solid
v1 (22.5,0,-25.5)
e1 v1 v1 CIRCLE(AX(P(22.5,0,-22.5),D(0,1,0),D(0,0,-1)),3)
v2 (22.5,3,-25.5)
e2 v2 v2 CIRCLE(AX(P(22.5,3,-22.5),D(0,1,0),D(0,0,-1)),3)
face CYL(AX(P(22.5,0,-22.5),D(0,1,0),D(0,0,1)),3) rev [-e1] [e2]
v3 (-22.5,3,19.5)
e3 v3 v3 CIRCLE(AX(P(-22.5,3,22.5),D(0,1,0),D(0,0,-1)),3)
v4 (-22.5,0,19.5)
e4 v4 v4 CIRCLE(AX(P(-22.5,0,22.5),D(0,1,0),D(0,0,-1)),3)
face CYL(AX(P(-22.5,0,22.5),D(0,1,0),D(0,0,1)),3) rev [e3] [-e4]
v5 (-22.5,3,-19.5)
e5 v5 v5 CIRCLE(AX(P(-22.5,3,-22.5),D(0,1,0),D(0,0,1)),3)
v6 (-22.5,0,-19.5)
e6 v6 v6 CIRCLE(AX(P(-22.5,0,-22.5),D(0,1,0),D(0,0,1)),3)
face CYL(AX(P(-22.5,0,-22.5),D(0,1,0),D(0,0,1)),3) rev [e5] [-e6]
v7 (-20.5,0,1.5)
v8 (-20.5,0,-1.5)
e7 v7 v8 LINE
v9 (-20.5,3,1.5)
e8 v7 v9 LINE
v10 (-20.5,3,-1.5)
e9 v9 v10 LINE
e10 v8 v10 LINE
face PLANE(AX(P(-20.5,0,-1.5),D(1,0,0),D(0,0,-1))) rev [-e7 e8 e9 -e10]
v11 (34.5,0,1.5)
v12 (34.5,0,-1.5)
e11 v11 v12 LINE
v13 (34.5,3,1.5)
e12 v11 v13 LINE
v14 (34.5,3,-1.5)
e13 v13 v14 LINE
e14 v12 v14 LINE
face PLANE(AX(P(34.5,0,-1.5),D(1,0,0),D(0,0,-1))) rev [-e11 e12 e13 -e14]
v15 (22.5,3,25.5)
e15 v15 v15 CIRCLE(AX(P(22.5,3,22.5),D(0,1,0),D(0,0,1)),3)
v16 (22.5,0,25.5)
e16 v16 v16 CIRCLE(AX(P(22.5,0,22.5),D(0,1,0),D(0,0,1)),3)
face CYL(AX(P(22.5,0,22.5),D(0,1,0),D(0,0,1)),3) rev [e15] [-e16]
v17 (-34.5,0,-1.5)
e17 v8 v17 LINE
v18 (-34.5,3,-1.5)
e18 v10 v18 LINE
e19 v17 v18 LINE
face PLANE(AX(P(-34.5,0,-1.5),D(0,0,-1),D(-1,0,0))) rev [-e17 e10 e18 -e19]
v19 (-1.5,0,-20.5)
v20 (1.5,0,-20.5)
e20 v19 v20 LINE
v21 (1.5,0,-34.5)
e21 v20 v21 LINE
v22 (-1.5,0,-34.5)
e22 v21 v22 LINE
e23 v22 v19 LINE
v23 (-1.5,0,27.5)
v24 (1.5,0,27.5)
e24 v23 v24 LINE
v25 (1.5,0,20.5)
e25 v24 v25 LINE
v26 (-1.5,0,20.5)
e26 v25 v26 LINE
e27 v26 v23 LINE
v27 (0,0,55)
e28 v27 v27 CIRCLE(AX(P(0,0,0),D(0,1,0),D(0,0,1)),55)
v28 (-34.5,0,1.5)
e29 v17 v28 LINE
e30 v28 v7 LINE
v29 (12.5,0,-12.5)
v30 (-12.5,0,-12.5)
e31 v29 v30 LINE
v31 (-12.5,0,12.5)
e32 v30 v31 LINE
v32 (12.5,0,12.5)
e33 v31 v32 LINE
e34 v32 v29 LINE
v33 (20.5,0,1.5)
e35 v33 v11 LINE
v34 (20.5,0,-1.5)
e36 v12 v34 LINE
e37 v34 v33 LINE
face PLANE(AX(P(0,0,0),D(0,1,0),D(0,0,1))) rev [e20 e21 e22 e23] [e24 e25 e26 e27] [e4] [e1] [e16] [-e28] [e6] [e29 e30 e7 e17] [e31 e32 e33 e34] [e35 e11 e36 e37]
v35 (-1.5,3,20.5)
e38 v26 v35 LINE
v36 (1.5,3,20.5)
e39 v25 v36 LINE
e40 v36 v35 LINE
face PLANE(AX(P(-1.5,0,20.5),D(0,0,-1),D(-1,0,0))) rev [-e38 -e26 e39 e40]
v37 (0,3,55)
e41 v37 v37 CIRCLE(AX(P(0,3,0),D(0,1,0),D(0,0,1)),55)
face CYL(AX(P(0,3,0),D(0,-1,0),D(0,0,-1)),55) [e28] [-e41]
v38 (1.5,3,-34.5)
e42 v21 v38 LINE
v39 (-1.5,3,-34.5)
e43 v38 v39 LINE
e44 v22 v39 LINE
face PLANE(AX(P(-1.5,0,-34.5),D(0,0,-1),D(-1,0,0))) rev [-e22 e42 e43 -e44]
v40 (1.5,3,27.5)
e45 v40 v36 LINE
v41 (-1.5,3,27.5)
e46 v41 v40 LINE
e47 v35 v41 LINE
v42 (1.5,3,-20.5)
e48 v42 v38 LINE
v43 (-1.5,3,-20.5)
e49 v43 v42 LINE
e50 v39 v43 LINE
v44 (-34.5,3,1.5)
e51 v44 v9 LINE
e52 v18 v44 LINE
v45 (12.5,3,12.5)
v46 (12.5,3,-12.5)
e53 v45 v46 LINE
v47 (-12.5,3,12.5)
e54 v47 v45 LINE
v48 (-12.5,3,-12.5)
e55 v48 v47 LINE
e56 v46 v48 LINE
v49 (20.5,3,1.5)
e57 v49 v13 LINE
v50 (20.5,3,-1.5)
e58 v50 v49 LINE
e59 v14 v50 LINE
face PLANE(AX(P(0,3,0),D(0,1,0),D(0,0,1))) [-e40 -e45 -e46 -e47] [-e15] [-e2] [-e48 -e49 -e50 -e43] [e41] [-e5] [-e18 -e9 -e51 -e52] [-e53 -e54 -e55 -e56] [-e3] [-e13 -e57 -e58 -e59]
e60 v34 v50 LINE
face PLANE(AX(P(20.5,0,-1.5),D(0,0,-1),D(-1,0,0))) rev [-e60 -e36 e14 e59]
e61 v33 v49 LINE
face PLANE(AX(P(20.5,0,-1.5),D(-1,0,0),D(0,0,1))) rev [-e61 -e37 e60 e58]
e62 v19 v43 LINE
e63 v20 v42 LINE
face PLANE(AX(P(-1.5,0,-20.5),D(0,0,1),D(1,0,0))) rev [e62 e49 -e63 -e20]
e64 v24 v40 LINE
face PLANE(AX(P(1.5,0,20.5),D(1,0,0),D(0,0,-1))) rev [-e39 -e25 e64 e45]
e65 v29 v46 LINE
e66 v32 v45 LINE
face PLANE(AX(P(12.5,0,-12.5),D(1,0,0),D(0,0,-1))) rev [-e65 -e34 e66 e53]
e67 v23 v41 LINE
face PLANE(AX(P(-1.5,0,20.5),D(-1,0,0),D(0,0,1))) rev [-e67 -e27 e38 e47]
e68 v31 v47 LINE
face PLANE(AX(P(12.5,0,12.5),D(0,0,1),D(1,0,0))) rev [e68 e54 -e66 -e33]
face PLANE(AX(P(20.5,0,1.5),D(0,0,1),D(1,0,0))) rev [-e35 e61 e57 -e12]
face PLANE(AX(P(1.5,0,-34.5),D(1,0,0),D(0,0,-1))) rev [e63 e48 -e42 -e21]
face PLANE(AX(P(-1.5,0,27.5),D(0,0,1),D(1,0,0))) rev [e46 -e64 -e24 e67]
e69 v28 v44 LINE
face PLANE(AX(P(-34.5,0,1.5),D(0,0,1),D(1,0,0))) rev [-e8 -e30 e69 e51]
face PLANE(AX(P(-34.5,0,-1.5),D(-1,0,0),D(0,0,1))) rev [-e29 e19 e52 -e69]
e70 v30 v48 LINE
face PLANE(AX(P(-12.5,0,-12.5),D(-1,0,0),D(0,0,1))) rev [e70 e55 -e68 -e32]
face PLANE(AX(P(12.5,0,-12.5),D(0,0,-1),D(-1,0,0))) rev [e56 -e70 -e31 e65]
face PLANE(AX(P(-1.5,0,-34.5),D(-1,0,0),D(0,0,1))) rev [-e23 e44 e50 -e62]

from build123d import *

# Parameters (mm, degrees)
SKETCH1_R           = 55
BOSS_EXTRUDE1_DEPTH = 3
SKETCH2_R           = 3
SKETCH2_W           = 25
SKETCH2_H           = 25
SKETCH2_W_2         = 3
SKETCH2_H_2         = 14
SKETCH2_W_3         = 14
SKETCH2_H_3         = 3
SKETCH2_H_4         = 7
CUT_EXTRUDE1_DEPTH  = 3


with BuildPart() as part:
    # Sketch1 → Boss-Extrude1 (new body)
    with BuildSketch(Plane(origin=(0, 0, 0), x_dir=(1, 0, 0), z_dir=(0, 1, 0))):
        Circle(SKETCH1_R)
    extrude(amount=BOSS_EXTRUDE1_DEPTH)

    # Sketch2 → Cut-Extrude1 (cut)
    with BuildSketch(Plane(origin=(0, 3, 0), x_dir=(1, 0, 0), z_dir=(0, 1, 0))):
        with Locations((-22.5, 22.5)):
            Circle(SKETCH2_R)
        with Locations((22.5, 22.5)):
            Circle(SKETCH2_R)
        with Locations((22.5, -22.5)):
            Circle(SKETCH2_R)
        with Locations((-22.5, -22.5)):
            Circle(SKETCH2_R)
        Rectangle(SKETCH2_W, SKETCH2_H)
        with Locations((0, 27.5)):
            Rectangle(SKETCH2_W_2, SKETCH2_H_2)
        with Locations((-27.5, 0)):
            Rectangle(SKETCH2_W_3, SKETCH2_H_3)
        with Locations((27.5, 0)):
            Rectangle(SKETCH2_W_3, SKETCH2_H_3)
        with Locations((0, -24)):
            Rectangle(SKETCH2_W_2, SKETCH2_H_4)
    extrude(amount=-CUT_EXTRUDE1_DEPTH, mode=Mode.SUBTRACT)


solid = part.part
